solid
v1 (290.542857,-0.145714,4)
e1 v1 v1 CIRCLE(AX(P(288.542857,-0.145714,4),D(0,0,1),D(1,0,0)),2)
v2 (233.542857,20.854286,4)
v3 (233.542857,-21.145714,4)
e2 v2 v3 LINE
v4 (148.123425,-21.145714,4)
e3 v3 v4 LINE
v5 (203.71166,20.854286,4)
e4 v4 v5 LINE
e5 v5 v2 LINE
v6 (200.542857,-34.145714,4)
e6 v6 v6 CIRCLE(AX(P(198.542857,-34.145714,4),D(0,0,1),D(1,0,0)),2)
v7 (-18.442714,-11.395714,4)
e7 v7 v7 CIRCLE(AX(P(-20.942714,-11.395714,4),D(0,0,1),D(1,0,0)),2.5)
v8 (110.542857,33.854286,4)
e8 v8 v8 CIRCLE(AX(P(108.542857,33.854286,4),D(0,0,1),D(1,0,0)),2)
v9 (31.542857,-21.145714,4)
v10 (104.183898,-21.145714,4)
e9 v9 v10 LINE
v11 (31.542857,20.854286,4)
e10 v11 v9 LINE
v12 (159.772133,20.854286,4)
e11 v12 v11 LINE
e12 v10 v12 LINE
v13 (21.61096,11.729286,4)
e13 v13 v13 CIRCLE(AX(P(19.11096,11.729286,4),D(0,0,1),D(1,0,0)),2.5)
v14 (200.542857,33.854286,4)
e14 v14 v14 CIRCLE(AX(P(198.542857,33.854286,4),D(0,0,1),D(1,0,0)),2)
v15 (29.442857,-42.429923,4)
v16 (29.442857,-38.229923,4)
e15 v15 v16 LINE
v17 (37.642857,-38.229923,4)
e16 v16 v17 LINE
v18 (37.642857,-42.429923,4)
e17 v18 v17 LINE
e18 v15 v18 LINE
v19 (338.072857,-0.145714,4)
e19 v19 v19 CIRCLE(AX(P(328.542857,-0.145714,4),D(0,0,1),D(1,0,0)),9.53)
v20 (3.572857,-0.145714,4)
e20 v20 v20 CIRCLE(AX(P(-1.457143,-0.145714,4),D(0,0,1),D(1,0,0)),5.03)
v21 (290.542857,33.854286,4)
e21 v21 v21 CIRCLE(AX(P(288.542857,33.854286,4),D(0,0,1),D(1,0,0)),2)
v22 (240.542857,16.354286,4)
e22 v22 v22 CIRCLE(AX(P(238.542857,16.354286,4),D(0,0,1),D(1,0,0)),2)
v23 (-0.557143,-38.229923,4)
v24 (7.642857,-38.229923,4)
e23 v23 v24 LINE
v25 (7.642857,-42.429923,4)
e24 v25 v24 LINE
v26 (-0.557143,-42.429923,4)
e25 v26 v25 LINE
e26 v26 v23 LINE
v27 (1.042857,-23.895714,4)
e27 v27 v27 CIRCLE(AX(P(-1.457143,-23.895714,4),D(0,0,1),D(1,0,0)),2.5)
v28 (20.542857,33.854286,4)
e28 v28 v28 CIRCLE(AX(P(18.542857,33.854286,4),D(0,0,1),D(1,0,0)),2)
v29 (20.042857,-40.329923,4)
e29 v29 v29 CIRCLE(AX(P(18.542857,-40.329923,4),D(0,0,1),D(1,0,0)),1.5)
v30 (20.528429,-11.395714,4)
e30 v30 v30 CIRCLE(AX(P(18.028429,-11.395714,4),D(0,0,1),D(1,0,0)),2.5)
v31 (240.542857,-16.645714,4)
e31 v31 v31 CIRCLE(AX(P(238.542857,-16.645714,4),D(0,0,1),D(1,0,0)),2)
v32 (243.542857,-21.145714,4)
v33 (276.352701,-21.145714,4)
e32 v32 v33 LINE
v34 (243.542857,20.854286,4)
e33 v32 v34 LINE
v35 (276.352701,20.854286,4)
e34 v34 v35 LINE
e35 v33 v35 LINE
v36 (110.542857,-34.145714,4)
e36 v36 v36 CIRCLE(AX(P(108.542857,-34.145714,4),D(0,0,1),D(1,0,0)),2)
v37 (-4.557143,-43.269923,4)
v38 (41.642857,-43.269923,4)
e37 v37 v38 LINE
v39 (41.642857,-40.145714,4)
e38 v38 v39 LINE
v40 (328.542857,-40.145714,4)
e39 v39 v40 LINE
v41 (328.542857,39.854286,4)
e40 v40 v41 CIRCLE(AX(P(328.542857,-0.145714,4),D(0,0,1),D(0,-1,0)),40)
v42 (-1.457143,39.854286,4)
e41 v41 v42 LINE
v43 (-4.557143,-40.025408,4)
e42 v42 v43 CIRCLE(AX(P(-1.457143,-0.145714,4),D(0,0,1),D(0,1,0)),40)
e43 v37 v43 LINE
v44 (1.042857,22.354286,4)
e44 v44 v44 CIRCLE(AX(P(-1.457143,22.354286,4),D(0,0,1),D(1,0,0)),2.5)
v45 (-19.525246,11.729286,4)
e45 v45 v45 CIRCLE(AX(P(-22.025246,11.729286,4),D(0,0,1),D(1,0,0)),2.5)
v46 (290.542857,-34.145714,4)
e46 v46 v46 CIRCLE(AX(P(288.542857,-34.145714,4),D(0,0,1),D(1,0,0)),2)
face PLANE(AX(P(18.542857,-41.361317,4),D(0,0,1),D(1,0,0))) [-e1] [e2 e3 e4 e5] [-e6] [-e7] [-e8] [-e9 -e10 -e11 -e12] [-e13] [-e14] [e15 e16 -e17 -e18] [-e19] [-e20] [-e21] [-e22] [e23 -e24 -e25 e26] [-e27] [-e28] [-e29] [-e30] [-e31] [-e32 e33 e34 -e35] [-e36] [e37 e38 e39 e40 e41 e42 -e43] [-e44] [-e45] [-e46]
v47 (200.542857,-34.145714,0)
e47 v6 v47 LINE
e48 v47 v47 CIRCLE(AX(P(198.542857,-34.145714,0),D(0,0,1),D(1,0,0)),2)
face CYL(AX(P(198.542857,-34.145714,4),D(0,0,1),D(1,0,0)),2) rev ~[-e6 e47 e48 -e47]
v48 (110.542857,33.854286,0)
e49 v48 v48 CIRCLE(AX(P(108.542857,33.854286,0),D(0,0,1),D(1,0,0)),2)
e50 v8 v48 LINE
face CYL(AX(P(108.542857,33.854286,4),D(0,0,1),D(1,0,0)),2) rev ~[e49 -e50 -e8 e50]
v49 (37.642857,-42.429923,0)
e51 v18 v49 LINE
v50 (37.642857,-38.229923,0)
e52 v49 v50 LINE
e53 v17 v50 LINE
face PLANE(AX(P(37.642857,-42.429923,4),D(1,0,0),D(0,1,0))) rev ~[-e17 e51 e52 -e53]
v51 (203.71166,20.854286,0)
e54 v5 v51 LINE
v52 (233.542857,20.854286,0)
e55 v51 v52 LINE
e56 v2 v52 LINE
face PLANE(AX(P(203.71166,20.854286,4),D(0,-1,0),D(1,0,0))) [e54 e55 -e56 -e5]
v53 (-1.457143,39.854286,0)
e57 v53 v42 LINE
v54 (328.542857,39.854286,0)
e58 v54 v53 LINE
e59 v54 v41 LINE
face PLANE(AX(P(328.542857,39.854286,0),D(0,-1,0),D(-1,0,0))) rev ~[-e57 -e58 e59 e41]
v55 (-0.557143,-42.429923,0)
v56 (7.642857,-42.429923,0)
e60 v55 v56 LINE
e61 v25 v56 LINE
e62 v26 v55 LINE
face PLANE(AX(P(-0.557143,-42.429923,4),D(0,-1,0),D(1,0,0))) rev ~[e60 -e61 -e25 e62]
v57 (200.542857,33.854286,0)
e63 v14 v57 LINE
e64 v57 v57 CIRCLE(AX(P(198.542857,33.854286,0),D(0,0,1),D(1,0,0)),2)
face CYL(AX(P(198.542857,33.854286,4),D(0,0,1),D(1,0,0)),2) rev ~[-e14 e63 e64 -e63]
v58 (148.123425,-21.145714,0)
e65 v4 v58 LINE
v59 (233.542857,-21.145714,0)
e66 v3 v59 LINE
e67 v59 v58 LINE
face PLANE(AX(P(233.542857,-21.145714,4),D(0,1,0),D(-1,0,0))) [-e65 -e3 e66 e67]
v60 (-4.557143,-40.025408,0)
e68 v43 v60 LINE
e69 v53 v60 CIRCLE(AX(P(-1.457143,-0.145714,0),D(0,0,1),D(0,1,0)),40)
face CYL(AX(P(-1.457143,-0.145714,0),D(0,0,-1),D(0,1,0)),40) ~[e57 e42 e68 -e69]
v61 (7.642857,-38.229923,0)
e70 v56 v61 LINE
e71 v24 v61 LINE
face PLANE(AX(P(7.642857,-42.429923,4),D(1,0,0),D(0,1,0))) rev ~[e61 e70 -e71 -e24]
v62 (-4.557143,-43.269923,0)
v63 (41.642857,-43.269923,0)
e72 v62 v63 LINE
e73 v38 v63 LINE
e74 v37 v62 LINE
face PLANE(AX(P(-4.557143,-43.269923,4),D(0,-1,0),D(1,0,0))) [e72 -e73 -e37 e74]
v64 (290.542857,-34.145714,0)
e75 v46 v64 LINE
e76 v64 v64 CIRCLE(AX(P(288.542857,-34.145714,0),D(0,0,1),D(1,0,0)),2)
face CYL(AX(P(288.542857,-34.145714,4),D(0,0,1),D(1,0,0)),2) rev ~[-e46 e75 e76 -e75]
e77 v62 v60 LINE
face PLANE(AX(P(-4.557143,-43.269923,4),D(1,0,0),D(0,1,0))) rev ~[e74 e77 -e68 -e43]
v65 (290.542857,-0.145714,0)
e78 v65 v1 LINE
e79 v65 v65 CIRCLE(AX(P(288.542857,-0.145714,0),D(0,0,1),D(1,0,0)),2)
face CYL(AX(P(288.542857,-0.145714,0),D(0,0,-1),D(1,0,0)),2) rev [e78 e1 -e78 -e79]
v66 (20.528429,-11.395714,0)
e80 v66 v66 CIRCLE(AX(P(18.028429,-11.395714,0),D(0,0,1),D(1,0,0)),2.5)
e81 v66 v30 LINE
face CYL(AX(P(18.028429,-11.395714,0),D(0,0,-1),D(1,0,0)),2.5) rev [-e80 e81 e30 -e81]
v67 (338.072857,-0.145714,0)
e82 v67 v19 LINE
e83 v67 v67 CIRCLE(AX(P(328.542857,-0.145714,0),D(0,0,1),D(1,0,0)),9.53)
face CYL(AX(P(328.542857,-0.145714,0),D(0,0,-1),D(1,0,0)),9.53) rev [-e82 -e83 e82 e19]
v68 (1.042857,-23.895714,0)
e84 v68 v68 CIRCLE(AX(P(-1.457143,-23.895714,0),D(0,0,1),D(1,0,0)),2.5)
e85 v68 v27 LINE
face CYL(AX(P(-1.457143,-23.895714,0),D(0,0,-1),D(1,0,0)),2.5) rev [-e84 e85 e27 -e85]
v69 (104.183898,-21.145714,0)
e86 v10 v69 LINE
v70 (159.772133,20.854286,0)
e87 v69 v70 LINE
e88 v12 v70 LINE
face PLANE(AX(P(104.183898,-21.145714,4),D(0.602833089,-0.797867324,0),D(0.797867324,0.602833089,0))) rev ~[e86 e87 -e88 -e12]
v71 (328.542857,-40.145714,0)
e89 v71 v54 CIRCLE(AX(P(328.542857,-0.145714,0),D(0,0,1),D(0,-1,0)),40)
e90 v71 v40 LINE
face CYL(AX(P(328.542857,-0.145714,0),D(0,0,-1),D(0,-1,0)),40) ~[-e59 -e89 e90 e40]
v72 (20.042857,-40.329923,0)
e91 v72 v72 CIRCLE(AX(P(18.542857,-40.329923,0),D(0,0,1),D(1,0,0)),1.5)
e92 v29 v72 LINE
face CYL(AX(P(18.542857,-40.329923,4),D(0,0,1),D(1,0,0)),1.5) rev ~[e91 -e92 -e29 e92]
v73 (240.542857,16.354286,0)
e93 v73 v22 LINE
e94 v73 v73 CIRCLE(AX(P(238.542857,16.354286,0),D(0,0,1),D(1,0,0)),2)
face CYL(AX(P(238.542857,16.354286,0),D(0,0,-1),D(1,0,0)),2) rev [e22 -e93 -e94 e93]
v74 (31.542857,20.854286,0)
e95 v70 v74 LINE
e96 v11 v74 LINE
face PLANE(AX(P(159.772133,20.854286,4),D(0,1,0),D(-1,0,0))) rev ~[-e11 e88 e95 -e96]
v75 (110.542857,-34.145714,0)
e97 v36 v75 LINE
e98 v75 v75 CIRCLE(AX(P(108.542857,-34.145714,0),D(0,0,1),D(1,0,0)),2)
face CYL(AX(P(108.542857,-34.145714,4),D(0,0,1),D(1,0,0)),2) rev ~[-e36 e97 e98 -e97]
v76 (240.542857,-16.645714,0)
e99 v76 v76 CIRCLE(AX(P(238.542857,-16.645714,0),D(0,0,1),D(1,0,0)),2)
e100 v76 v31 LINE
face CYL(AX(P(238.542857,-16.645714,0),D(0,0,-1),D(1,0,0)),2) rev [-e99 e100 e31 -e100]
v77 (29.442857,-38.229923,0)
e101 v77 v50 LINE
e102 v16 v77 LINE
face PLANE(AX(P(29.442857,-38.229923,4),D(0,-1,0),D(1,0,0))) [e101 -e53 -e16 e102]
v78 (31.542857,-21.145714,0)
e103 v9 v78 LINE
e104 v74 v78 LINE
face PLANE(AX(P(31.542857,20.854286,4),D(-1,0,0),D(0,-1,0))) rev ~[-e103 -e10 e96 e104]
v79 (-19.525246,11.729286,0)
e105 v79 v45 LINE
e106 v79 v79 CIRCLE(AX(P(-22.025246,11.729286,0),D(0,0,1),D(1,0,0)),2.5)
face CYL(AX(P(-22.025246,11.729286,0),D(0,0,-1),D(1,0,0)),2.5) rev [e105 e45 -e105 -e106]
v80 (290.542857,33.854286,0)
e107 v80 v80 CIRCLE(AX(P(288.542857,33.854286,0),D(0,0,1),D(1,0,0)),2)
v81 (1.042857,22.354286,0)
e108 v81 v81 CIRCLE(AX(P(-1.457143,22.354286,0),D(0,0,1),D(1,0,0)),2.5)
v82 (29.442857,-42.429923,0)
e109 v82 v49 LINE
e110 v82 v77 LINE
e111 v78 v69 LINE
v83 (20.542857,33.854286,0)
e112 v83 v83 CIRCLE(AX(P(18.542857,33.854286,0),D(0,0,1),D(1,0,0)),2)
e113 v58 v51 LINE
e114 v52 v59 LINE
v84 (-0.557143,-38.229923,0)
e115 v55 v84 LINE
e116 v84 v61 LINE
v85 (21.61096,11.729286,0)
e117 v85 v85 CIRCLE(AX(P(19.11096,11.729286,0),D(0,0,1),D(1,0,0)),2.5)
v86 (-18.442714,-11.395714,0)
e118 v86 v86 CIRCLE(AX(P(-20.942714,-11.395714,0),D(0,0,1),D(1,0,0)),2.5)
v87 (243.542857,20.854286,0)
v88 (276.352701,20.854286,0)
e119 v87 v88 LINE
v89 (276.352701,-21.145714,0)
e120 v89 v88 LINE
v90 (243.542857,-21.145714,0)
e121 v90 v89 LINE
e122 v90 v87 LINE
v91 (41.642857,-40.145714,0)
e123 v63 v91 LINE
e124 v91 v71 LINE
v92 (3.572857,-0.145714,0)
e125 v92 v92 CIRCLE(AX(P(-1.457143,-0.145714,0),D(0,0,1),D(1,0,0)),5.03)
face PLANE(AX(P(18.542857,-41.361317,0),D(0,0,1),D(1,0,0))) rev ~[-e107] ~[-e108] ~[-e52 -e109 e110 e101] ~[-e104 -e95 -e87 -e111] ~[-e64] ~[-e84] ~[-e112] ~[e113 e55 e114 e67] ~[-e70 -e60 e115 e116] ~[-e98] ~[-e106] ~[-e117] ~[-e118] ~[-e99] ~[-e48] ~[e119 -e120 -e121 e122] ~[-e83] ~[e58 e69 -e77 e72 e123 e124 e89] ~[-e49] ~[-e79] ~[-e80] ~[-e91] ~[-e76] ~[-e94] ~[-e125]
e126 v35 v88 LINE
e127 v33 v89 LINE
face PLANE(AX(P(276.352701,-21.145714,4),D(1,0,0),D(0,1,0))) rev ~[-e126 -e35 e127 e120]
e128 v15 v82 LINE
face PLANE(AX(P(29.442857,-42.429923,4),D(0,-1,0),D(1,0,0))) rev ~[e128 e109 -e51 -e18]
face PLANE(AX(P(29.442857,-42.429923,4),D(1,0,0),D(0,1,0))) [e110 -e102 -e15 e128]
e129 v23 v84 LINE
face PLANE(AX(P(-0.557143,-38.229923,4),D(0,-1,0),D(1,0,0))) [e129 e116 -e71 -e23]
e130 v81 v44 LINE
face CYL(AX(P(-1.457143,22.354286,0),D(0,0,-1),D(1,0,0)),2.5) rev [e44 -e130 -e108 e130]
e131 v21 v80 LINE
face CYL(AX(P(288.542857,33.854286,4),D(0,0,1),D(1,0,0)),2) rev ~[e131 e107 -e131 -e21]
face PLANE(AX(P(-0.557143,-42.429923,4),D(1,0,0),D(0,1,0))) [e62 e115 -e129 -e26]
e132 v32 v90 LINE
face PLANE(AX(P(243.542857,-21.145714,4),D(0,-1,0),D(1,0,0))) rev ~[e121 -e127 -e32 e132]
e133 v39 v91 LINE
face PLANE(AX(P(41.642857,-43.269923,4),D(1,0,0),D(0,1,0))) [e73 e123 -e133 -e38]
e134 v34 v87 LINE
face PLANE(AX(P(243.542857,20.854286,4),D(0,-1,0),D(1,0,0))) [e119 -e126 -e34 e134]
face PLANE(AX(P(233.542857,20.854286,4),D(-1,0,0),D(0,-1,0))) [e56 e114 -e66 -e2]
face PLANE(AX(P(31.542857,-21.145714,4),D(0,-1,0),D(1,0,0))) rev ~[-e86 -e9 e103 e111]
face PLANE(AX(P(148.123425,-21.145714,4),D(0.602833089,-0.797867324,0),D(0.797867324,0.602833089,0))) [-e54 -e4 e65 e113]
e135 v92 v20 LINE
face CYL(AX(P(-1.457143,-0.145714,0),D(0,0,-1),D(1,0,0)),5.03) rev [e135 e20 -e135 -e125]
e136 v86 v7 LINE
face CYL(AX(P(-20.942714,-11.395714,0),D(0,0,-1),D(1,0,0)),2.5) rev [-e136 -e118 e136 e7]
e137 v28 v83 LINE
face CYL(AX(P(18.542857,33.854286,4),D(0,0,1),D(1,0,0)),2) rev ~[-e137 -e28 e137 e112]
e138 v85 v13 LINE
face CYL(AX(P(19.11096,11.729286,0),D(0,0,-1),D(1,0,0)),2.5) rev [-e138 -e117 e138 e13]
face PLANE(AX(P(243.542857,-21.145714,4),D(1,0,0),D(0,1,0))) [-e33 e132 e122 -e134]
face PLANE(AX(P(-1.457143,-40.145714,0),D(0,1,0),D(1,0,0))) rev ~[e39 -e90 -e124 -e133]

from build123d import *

# Parameters (mm, degrees)
SKETCH_1_R          = 2.5
SKETCH_1_R_2        = 5.03
SKETCH_1_R_3        = 2
SKETCH_1_R_4        = 9.53
EXTRUDE_1_DEPTH     = 4
SKETCH_3_W          = 46.2
SKETCH_3_H          = 3.817212264
EXTRUDE_2_DEPTH     = 4
SKETCH_2_R          = 2
SKETCH_2_R_2        = 1.5
SKETCH_2_W          = 32.809844138
SKETCH_2_H          = 42
SKETCH_2_W_2        = 8.2
SKETCH_2_H_2        = 4.2
CUT_EXTRUDE_1_DEPTH = 4


with BuildPart() as part:
    # 草图1 → 凸台-拉伸1 (new body)
    with BuildSketch(Plane.XY):
        with BuildLine():
            ThreePointArc((-1.457142857, 39.854285714), (-41.457142857, -0.145714286), (-1.457142857, -40.145714286))
            Line((-1.457142857, -40.145714286), (328.542857143, -40.145714286))
            ThreePointArc((328.542857143, -40.145714286), (368.542857143, -0.145714286), (328.542857143, 39.854285714))
            Line((328.542857143, 39.854285714), (-1.457142857, 39.854285714))
        make_face()
        with Locations((-1.457142857, -23.895714286)):
            Circle(SKETCH_1_R, mode=Mode.SUBTRACT)
        with Locations((-20.942714442, -11.395714286)):
            Circle(SKETCH_1_R, mode=Mode.SUBTRACT)
        with Locations((18.028428728, -11.395714286)):
            Circle(SKETCH_1_R, mode=Mode.SUBTRACT)
        with Locations((-1.457142857, -0.145714286)):
            Circle(SKETCH_1_R_2, mode=Mode.SUBTRACT)
        with Locations((238.542857143, -16.645714286)):
            Circle(SKETCH_1_R_3, mode=Mode.SUBTRACT)
        with Locations((288.542857143, -0.145714286)):
            Circle(SKETCH_1_R_3, mode=Mode.SUBTRACT)
        with Locations((328.542857143, -0.145714286)):
            Circle(SKETCH_1_R_4, mode=Mode.SUBTRACT)
        with Locations((-22.025246197, 11.729285714)):
            Circle(SKETCH_1_R, mode=Mode.SUBTRACT)
        with Locations((19.110960483, 11.729285714)):
            Circle(SKETCH_1_R, mode=Mode.SUBTRACT)
        with Locations((-1.457142857, 22.354285714)):
            Circle(SKETCH_1_R, mode=Mode.SUBTRACT)
        with Locations((238.542857143, 16.354285714)):
            Circle(SKETCH_1_R_3, mode=Mode.SUBTRACT)
    extrude(amount=EXTRUDE_1_DEPTH)

    # 草图3 → 凸台-拉伸2 (add)
    with BuildSketch(Plane.XY.offset(4)):
        with Locations((18.542857143, -41.36131722)):
            Rectangle(SKETCH_3_W, SKETCH_3_H)
    extrude(amount=-EXTRUDE_2_DEPTH)

    # 草图2 → 切除-拉伸1 (cut)
    with BuildSketch(Plane.XY.offset(4)):
        with Locations((18.542857143, 33.854285714)):
            Circle(SKETCH_2_R)
        with Locations((108.542857143, 33.854285714)):
            Circle(SKETCH_2_R)
        with Locations((198.542857143, 33.854285714)):
            Circle(SKETCH_2_R)
        with Locations((288.542857143, 33.854285714)):
            Circle(SKETCH_2_R)
        with Locations((108.542857143, -34.145714286)):
            Circle(SKETCH_2_R)
        with Locations((198.542857143, -34.145714286)):
            Circle(SKETCH_2_R)
        with Locations((288.542857143, -34.145714286)):
            Circle(SKETCH_2_R)
        with Locations((18.542857143, -40.329923352)):
            Circle(SKETCH_2_R_2)
        Polygon((31.542857143, -21.145714286), (104.183898028, -21.145714286), (159.772133322, 20.854285714), (31.542857143, 20.854285714), align=None)
        Polygon((148.123425102, -21.145714286), (203.711660396, 20.854285714), (233.542857143, 20.854285714), (233.542857143, -21.145714286), align=None)
        with Locations((259.947779212, -0.145714286)):
            Rectangle(SKETCH_2_W, SKETCH_2_H)
        with Locations((33.542857143, -40.329923352)):
            Rectangle(SKETCH_2_W_2, SKETCH_2_H_2)
        with Locations((3.542857143, -40.329923352)):
            Rectangle(SKETCH_2_W_2, SKETCH_2_H_2)
    extrude(amount=-CUT_EXTRUDE_1_DEPTH, mode=Mode.SUBTRACT)


solid = part.part
